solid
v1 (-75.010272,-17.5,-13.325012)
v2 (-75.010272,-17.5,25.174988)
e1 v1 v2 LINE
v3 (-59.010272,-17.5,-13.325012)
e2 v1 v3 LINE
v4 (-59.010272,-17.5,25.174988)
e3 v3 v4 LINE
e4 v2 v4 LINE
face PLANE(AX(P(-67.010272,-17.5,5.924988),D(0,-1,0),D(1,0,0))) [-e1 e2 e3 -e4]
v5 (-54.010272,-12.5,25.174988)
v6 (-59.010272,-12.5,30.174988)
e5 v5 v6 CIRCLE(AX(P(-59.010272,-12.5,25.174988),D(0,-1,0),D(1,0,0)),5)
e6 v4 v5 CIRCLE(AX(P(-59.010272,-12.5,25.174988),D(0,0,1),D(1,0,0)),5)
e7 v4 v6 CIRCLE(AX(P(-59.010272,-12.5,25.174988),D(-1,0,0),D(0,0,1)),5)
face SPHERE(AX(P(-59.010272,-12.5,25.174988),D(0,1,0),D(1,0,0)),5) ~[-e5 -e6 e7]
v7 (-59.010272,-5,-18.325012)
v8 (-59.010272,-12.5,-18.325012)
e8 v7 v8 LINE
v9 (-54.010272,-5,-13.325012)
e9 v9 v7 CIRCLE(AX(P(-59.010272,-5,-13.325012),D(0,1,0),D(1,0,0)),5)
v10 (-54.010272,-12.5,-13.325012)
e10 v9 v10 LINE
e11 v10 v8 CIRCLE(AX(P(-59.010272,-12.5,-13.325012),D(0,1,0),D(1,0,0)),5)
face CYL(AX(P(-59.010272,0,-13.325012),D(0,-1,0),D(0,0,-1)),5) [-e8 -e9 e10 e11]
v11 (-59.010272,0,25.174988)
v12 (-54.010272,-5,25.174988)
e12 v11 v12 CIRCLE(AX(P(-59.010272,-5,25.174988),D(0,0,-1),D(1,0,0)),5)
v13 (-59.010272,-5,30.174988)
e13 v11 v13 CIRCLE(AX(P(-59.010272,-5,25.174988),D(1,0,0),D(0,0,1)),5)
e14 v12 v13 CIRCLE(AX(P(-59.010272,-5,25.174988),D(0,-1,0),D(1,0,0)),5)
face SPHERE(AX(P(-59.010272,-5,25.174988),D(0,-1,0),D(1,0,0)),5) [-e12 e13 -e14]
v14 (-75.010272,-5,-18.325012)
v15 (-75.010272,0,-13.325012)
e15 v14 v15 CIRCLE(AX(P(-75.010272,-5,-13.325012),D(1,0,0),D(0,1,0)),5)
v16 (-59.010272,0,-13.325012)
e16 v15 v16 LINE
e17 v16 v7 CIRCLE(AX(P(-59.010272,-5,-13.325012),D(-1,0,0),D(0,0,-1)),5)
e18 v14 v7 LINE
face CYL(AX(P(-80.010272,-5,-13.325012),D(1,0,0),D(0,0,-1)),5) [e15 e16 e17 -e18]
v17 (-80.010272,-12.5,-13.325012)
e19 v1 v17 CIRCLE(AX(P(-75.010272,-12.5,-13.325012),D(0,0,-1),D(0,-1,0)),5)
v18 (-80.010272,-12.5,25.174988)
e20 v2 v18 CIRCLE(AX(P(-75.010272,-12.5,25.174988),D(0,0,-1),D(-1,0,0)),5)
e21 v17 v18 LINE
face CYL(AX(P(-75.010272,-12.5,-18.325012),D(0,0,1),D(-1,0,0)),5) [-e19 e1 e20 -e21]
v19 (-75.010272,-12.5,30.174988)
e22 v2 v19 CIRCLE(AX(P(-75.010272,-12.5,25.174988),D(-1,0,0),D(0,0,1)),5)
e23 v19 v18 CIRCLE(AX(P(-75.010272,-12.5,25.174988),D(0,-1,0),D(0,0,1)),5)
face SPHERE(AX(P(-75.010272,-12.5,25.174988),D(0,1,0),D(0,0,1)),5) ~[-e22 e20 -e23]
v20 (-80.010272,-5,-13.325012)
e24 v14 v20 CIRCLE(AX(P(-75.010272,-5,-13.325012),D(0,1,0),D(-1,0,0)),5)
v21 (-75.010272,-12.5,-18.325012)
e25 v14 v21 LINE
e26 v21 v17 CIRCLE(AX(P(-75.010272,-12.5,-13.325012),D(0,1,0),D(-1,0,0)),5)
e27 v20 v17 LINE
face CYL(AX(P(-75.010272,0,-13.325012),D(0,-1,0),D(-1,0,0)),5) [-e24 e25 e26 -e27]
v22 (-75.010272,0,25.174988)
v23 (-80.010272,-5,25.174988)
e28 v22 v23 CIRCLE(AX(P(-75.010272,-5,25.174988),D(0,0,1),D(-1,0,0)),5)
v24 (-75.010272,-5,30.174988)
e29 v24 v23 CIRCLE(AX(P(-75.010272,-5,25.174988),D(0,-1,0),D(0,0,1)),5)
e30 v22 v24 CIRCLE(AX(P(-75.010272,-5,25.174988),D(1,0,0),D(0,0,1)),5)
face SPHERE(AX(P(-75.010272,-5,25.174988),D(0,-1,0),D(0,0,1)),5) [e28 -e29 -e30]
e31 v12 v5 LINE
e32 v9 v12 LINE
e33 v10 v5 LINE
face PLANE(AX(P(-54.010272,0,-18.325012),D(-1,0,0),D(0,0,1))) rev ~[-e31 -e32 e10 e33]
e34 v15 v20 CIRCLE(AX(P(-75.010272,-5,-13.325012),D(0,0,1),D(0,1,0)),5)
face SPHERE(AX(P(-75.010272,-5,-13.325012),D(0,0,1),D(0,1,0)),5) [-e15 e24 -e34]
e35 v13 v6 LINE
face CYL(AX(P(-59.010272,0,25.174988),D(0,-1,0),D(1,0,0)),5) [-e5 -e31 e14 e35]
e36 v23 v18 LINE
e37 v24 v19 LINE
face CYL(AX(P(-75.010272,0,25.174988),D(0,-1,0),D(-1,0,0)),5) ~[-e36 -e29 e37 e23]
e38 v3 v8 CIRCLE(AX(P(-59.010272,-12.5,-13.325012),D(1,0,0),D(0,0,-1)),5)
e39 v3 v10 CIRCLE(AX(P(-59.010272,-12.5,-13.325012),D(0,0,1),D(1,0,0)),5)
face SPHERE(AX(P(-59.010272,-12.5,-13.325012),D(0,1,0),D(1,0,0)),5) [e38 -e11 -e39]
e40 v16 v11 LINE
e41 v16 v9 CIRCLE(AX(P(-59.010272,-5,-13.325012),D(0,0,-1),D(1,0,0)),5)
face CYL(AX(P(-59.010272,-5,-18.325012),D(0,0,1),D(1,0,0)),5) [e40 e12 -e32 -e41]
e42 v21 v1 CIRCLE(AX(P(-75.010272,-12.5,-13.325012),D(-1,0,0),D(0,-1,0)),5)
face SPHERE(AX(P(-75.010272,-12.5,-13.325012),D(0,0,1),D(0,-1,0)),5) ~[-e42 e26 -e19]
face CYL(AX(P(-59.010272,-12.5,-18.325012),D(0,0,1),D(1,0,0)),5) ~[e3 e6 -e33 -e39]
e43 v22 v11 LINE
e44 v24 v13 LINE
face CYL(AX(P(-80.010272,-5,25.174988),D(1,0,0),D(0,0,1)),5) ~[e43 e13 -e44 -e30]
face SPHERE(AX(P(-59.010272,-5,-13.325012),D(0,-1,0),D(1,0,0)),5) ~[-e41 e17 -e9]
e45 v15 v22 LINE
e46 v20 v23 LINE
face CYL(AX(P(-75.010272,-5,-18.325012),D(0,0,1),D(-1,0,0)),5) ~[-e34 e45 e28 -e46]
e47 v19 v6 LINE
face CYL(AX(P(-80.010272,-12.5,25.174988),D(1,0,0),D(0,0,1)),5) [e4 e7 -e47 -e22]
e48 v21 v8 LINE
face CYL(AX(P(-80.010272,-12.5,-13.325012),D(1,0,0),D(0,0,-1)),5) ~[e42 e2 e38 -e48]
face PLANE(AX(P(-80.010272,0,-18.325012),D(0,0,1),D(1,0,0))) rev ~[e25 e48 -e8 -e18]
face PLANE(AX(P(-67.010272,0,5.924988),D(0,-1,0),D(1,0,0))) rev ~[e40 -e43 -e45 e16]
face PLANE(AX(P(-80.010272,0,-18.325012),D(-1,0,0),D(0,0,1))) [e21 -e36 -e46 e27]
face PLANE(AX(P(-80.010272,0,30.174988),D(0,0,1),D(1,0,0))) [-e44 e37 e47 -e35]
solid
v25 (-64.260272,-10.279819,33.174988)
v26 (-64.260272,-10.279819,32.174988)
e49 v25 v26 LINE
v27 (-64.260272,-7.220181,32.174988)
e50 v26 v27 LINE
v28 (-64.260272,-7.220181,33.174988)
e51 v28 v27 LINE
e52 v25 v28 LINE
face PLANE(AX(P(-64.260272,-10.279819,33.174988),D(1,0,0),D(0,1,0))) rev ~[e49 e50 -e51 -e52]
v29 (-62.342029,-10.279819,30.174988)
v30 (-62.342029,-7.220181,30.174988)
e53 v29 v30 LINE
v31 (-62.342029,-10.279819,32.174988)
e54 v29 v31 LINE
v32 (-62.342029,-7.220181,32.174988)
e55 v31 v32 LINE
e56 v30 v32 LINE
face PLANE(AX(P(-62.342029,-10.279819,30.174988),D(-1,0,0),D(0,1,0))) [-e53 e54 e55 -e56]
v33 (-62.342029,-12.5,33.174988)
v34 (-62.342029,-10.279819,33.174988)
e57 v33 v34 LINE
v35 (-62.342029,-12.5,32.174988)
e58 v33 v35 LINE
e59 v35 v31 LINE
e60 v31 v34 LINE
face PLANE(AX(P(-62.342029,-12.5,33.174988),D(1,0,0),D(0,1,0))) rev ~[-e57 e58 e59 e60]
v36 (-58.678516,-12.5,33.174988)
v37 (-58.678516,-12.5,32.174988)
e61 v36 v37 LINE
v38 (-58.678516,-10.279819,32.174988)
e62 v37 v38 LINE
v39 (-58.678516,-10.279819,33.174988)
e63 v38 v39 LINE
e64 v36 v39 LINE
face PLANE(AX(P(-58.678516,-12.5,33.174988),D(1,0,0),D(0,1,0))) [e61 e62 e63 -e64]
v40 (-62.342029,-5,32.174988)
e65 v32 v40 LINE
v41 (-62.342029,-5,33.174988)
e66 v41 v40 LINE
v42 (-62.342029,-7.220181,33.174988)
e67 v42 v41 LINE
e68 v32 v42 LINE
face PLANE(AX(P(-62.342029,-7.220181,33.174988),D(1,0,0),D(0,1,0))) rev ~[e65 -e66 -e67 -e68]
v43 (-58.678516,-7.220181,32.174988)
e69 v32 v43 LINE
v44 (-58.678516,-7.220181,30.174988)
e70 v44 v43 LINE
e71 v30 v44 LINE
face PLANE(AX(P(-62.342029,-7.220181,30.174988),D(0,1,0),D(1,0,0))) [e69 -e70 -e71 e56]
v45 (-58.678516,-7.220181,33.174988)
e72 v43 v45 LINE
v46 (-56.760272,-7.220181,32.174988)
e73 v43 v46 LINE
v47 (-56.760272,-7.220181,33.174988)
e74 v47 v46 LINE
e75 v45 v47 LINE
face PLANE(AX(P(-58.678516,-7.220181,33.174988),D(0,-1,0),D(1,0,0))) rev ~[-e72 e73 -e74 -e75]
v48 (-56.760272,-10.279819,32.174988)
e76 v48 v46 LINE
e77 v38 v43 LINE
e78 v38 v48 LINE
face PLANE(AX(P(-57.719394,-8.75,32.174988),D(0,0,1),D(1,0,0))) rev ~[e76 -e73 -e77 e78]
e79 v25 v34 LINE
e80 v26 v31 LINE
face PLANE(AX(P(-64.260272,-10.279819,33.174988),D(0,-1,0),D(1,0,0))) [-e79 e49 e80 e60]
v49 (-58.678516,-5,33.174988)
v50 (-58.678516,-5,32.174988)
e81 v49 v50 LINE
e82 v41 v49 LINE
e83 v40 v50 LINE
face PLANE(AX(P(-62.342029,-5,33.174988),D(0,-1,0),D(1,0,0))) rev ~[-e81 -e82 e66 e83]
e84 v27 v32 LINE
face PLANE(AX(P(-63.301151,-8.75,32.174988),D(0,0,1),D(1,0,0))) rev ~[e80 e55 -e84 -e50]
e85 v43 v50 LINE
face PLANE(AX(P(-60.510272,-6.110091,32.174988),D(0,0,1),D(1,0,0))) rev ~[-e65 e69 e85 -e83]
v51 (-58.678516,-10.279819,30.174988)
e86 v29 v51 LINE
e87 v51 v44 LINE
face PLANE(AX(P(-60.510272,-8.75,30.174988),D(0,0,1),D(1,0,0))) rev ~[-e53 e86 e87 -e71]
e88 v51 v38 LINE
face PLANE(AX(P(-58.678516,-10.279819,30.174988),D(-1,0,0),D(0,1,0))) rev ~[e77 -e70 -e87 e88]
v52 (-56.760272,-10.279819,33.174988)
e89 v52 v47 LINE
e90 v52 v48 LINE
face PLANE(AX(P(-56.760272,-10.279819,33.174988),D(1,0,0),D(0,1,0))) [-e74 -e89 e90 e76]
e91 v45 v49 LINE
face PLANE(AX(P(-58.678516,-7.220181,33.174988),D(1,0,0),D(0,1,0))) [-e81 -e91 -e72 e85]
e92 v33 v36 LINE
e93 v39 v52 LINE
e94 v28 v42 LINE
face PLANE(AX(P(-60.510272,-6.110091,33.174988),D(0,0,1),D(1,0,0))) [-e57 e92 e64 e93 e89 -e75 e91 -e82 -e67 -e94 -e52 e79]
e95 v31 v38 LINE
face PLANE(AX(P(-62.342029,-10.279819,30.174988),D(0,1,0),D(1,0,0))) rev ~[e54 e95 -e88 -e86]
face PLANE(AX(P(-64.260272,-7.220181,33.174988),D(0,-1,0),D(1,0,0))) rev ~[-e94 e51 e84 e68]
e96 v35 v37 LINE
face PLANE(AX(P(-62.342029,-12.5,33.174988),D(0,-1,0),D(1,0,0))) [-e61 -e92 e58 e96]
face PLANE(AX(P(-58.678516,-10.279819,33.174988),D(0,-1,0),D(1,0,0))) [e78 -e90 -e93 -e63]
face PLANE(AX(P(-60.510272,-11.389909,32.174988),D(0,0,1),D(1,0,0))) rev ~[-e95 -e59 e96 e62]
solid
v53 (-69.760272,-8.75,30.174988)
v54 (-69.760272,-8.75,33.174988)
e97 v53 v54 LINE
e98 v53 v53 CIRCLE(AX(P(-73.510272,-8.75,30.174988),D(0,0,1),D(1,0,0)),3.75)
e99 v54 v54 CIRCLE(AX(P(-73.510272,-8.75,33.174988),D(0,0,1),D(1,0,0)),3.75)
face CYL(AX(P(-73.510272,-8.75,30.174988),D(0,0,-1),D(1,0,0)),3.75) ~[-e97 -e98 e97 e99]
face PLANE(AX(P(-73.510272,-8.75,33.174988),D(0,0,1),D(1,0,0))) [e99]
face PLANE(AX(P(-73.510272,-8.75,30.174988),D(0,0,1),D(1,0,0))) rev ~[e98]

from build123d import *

# Parameters (mm, degrees)
F0_W     = 26
F0_H     = 48.5
F1_DEPTH = 17.5
F2_R     = 3.75
F3_DEPTH = 3
F2_W     = 3.6635138094
F2_H     = 3.0596377328
F4_W     = 3.6635138094
F4_H     = 2.2201811336
F4_W_2   = 1.9182430953
F4_H_2   = 3.0596377328
F5_DEPTH = 1
F6_R     = 5


with BuildPart() as f1:
    # F0 (on Front) → F1 (new body)
    with BuildSketch(Plane.XZ):
        with Locations((-67.0102724425, 5.9249881336)):
            Rectangle(F0_W, F0_H)
    extrude(amount=F1_DEPTH)

    # F6
    f6_edges = [f1.edges().sort_by_distance(p)[0] for p in [
        (-54.010272, -8.75, -18.325012),
        (-54.010272, -8.75, 30.174988),
        (-54.010272, 0, 5.924988),
        (-54.010272, -17.5, 5.924988),
        (-80.010272, -8.75, 30.174988),
        (-67.010272, 0, 30.174988),
        (-67.010272, -17.5, 30.174988),
        (-80.010272, 0, 5.924988),
        (-67.010272, 0, -18.325012),
        (-80.010272, -17.5, 5.924988),
        (-67.010272, -17.5, -18.325012),
        (-80.010272, -8.75, -18.325012),
    ]]
    fillet(f6_edges, radius=F6_R)


with BuildPart() as f3:
    # F2 (on face) → F3 (new body)
    with BuildSketch(Plane.XY.offset(30.1749881336)):
        with Locations((-73.5102724425, -8.75)):
            Circle(F2_R)
    extrude(amount=F3_DEPTH)


with BuildPart() as f3b:
    # F2 (on face) → F3, piece 2 (new body)
    with BuildSketch(Plane.XY.offset(30.1749881336)):
        with Locations((-60.5102724425, -8.75)):
            Rectangle(F2_W, F2_H)
    extrude(amount=F3_DEPTH)

    # F4 (on face) → F5 (join)
    with BuildSketch(Plane.XY.offset(33.1749881336)):
        with Locations((-60.5102724425, -6.1100905668)):
            Rectangle(F4_W, F4_H)
        with Locations((-63.3011508949, -8.75)):
            Rectangle(F4_W_2, F4_H_2)
        with Locations((-60.5102724425, -11.3899094332)):
            Rectangle(F4_W, F4_H)
        with Locations((-57.7193939902, -8.75)):
            Rectangle(F4_W_2, F4_H_2)
    extrude(amount=-F5_DEPTH)


solid = Compound([f1.part, f3.part, f3b.part])
